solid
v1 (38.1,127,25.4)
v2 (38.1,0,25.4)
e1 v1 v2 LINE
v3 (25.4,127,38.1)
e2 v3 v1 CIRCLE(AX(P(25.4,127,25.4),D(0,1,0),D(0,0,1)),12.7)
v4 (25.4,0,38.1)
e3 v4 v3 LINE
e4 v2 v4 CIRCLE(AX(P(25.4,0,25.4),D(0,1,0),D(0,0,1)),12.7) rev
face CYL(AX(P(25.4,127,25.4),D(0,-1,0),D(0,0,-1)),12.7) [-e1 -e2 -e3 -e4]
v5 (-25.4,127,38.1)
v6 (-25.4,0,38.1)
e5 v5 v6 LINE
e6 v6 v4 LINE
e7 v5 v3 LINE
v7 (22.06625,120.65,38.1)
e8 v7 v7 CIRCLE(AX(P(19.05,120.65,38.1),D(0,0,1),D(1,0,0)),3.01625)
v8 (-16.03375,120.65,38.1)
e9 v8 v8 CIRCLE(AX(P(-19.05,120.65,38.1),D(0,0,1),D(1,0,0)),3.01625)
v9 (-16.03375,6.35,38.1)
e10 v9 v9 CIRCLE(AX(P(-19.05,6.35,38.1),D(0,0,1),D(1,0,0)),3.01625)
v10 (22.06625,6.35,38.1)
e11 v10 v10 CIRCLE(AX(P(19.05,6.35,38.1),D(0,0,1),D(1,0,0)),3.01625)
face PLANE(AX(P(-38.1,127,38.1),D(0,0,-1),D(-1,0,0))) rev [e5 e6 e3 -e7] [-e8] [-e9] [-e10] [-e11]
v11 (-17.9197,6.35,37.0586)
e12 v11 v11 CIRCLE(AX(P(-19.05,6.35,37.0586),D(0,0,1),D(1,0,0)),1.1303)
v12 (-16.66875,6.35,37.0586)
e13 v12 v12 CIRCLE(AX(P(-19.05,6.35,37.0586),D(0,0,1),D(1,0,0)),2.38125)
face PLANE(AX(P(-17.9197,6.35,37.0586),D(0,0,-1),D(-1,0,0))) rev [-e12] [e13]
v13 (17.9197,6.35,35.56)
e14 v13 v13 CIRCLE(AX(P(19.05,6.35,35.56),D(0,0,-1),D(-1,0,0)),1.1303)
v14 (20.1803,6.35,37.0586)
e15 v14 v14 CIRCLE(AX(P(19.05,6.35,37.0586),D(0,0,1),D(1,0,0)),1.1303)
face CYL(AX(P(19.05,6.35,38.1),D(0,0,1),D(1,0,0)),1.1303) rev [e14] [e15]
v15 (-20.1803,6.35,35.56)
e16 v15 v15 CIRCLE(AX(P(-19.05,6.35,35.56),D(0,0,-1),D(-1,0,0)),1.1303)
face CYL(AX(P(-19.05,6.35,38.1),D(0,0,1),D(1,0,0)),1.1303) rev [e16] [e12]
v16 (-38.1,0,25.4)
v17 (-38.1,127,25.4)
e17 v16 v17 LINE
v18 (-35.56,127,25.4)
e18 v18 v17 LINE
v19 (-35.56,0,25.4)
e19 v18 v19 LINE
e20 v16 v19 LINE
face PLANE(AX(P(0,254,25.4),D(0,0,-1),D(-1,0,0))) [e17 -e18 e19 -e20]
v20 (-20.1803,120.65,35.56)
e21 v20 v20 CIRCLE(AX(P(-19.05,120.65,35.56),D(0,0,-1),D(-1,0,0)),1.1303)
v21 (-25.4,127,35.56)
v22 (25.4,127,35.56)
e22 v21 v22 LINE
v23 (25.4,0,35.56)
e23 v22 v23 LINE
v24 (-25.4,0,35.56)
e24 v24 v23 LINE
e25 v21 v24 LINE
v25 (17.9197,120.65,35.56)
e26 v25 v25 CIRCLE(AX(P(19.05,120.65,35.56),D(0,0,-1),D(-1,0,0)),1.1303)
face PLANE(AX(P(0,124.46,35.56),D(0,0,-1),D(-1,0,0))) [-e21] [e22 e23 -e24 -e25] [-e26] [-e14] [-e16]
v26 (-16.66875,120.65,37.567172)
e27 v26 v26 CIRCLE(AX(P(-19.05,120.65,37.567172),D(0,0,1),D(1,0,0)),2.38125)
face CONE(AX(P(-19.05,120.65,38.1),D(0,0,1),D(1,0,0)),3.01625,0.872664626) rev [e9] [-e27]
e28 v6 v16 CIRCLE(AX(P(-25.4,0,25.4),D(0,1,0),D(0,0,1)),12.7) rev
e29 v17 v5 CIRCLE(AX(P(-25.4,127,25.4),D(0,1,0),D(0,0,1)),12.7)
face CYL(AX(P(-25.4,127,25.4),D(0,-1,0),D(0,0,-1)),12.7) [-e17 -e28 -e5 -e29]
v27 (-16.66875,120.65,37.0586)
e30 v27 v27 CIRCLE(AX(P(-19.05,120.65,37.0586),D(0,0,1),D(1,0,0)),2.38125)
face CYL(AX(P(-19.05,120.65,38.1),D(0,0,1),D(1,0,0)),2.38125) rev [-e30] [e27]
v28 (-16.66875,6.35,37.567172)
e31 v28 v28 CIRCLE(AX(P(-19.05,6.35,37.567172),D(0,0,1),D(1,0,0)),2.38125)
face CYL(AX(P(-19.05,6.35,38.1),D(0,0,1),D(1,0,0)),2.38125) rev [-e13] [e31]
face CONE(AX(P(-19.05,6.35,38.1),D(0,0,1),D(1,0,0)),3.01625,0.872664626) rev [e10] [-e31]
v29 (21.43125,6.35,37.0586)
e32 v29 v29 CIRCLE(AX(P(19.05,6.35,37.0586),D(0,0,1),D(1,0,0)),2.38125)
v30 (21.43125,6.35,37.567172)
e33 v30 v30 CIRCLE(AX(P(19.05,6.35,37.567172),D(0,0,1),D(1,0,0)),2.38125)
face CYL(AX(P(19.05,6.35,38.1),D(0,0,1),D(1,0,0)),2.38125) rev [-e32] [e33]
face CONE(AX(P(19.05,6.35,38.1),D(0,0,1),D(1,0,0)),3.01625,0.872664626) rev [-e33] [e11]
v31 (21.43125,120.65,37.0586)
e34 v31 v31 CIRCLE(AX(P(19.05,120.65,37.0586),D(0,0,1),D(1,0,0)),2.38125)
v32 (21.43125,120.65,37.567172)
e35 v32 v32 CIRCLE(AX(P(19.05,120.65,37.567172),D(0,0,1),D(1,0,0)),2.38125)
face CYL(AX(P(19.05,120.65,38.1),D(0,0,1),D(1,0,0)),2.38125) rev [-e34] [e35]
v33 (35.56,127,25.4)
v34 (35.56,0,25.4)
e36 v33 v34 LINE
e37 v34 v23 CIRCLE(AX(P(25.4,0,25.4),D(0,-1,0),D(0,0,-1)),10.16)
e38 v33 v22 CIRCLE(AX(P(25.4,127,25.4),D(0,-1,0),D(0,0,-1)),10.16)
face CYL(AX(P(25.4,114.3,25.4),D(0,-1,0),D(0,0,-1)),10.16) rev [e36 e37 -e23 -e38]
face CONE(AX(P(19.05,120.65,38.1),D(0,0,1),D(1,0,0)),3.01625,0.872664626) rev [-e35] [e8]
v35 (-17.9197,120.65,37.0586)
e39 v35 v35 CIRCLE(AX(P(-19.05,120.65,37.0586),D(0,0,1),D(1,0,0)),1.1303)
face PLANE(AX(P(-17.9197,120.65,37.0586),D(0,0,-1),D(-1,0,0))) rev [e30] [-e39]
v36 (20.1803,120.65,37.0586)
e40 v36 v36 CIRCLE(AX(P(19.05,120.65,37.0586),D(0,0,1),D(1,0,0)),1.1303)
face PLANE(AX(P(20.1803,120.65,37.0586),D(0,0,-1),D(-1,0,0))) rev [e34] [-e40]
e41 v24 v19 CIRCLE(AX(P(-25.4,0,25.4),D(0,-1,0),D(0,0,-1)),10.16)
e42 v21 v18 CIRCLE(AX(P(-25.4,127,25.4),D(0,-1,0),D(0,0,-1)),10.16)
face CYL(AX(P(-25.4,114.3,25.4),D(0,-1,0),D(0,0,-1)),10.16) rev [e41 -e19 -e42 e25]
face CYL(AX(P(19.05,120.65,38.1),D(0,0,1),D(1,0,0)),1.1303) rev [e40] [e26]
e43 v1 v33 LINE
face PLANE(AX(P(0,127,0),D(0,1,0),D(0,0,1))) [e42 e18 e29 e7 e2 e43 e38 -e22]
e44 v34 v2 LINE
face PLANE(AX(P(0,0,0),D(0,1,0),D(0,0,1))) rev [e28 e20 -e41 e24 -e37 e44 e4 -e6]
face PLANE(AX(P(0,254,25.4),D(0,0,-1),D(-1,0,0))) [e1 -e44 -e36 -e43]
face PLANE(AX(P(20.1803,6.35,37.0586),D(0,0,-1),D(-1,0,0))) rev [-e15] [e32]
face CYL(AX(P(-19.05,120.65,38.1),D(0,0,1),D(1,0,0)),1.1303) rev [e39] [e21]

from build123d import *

# Parameters (mm, degrees)
SKETCH1_W                                   = 76.2
SKETCH1_H                                   = 76.2
BOSS_EXTRUDE1_DEPTH                         = 127
FILLET1_R                                   = 12.7
SKETCH2_W                                   = 76.2
SKETCH2_H                                   = 12.7
BOSS_EXTRUDE6_DEPTH                         = 57.15
CUT_EXTRUDE2_DEPTH                          = 12.7
CUT_EXTRUDE4_START                          = -254
CUT_EXTRUDE4_DEPTH                          = 254
SKETCH7_W                                   = 50.8
SKETCH7_H                                   = 10.16
CUT_EXTRUDE7_DEPTH                          = 124.46
CUT_EXTRUDE8_DEPTH                          = 114.3
BOSS_EXTRUDE7_DEPTH                         = 12.7
CUT_EXTRUDE9_DEPTH                          = 127
CBORE_FOR_1_BINDING_HEAD_MACHINE_SC_2_COUNT = 2
CBORE_FOR_1_BINDING_HEAD_MACHINE_SC_2_PITCH = 38.1
CBORE_FOR_1_BINDING_HEAD_MACHINE_SC_3_COUNT = 2
CBORE_FOR_1_BINDING_HEAD_MACHINE_SC_3_PITCH = 114.3
CBORE_FOR_1_BINDING_HEAD_MACHINE_SC_4_COUNT = 2
CBORE_FOR_1_BINDING_HEAD_MACHINE_SC_4_PITCH = 120.482778852


with BuildPart() as part:
    # Sketch1 → Boss-Extrude1 (new body)
    with BuildSketch(Plane(origin=(0, 0, 0), x_dir=(1, 0, 0), z_dir=(0, 1, 0))):
        Rectangle(SKETCH1_W, SKETCH1_H)
    extrude(amount=BOSS_EXTRUDE1_DEPTH)

    # Fillet1
    fillet1_edges = [part.edges().sort_by_distance(p)[0] for p in [
        (38.1, 63.5, 38.1),
        (38.1, 63.5, -38.1),
        (-38.1, 63.5, -38.1),
        (-38.1, 63.5, 38.1),
    ]]
    fillet(fillet1_edges, radius=FILLET1_R)

    # Sketch2 → Boss-Extrude6 (add)
    with BuildSketch(Plane(origin=(0, 127, 0), x_dir=(1, 0, 0), z_dir=(0, 1, 0))):
        Rectangle(SKETCH2_W, SKETCH2_H)
    extrude(amount=BOSS_EXTRUDE6_DEPTH)

    # Sketch5 → Cut-Extrude2 (cut)
    with BuildSketch(Plane.XY.offset(6.35)):
        with BuildLine():
            ThreePointArc((27.94, 127), (0, 146.05), (-27.94, 127))
            Line((-27.94, 127), (27.94, 127))
        make_face()
        with BuildLine():
            Line((-27.94, 146.05), (-27.94, 132.743180509))
            ThreePointArc((-27.94, 132.743180509), (-21.337126939, 140.622484939), (-12.60652265, 146.05))
            Line((-12.60652265, 146.05), (-27.94, 146.05))
        make_face()
        with BuildLine():
            ThreePointArc((12.60652265, 146.05), (21.337126939, 140.622484939), (27.94, 132.743180509))
            Line((27.94, 132.743180509), (27.94, 146.05))
            Line((27.94, 146.05), (12.60652265, 146.05))
        make_face()
        with BuildLine():
            Line((-38.1, 184.15), (-38.1, 146.05))
            ThreePointArc((-38.1, 146.05), (-26.940768363, 172.990768363), (0, 184.15))
            Line((0, 184.15), (-38.1, 184.15))
        make_face()
        with BuildLine():
            ThreePointArc((0, 184.15), (26.940768363, 172.990768363), (38.1, 146.05))
            Line((38.1, 146.05), (38.1, 184.15))
            Line((38.1, 184.15), (0, 184.15))
        make_face()
        with BuildLine():
            Line((-27.186811297, 152.493670653), (27.186811297, 152.493670653))
            ThreePointArc((27.186811297, 152.493670653), (0, 173.99), (-27.186811297, 152.493670653))
        make_face()
    extrude(amount=-CUT_EXTRUDE2_DEPTH, mode=Mode.SUBTRACT)

    # Sketch6 → Cut-Extrude4 (cut)
    with BuildSketch(Plane.XZ.offset(CUT_EXTRUDE4_START)):
        with BuildLine():
            Line((-38.1, 25.4), (-38.1, -25.4))
            ThreePointArc((-38.1, -25.4), (-34.380256121, -34.380256121), (-25.4, -38.1))
            Line((-25.4, -38.1), (25.4, -38.1))
            ThreePointArc((25.4, -38.1), (34.380256121, -34.380256121), (38.1, -25.4))
            Line((38.1, -25.4), (38.1, 25.4))
            Line((38.1, 25.4), (-38.1, 25.4))
        make_face()
    extrude(amount=CUT_EXTRUDE4_DEPTH, mode=Mode.SUBTRACT)

    # Sketch7 → Cut-Extrude7 (cut)
    with BuildSketch(Plane.XZ):
        with Locations((0, 30.48)):
            Rectangle(SKETCH7_W, SKETCH7_H)
    extrude(amount=-CUT_EXTRUDE7_DEPTH, mode=Mode.SUBTRACT)

    # Sketch7<6> → Cut-Extrude8 (cut)
    with BuildSketch(Plane.XZ):
        with BuildLine():
            ThreePointArc((-25.4, 35.56), (-32.584204897, 32.584204897), (-35.56, 25.4))
            Line((-35.56, 25.4), (-25.4, 25.4))
            Line((-25.4, 25.4), (-25.4, 35.56))
        make_face()
        with BuildLine():
            Line((25.4, 35.56), (25.4, 25.4))
            Line((25.4, 25.4), (35.56, 25.4))
            ThreePointArc((35.56, 25.4), (32.584204897, 32.584204897), (25.4, 35.56))
        make_face()
    extrude(amount=-CUT_EXTRUDE8_DEPTH, mode=Mode.SUBTRACT)

    # Sketch7<7> → Boss-Extrude7 (add)
    with BuildSketch(Plane.XZ):
        with BuildLine():
            ThreePointArc((-25.4, 35.56), (-32.584204897, 32.584204897), (-35.56, 25.4))
            Line((-35.56, 25.4), (-25.4, 25.4))
            Line((-25.4, 25.4), (-25.4, 35.56))
        make_face()
        with BuildLine():
            Line((25.4, 35.56), (25.4, 25.4))
            Line((25.4, 25.4), (35.56, 25.4))
            ThreePointArc((35.56, 25.4), (32.584204897, 32.584204897), (25.4, 35.56))
        make_face()
    extrude(amount=-BOSS_EXTRUDE7_DEPTH)

    # Sketch7<8> → Cut-Extrude9 (cut)
    with BuildSketch(Plane.XZ):
        with BuildLine():
            ThreePointArc((-25.4, 35.56), (-32.584204897, 32.584204897), (-35.56, 25.4))
            Line((-35.56, 25.4), (35.56, 25.4))
            ThreePointArc((35.56, 25.4), (32.584204897, 32.584204897), (25.4, 35.56))
            Line((25.4, 35.56), (-25.4, 35.56))
        make_face()
    extrude(amount=-CUT_EXTRUDE9_DEPTH, mode=Mode.SUBTRACT)

    # Sketch12 → CBORE for #1 Binding Head Machine Screw1 (revolve, cut)
    with BuildSketch(Plane(origin=(-19.05, 120.65, 38.1), x_dir=(0, -1, 0), z_dir=(1, 0, 0))):
        Polygon((0, 0), (0, 10.839152758), (1.1303, 10.16), (1.1303, 1.0414), (2.38125, 1.0414), (2.38125, 0.532828266), (3.01625, 0), align=None)
    cbore_for_1_binding_head_machine_screw1 = revolve(axis=Axis((-19.05, 120.65, 44.45), (0, 0, -1)), mode=Mode.SUBTRACT)

    # CBORE for _1 Binding Head Machine Sc 2: CBORE for #1 Binding Head Machine Screw1 ×2
    with Locations(*[(i * CBORE_FOR_1_BINDING_HEAD_MACHINE_SC_2_PITCH, 0, 0) for i in range(1, CBORE_FOR_1_BINDING_HEAD_MACHINE_SC_2_COUNT)]):
        add(cbore_for_1_binding_head_machine_screw1, mode=Mode.SUBTRACT)

    # CBORE for _1 Binding Head Machine Sc 3: CBORE for #1 Binding Head Machine Screw1 ×2
    with Locations(*[(0, -i * CBORE_FOR_1_BINDING_HEAD_MACHINE_SC_3_PITCH, 0) for i in range(1, CBORE_FOR_1_BINDING_HEAD_MACHINE_SC_3_COUNT)]):
        add(cbore_for_1_binding_head_machine_screw1, mode=Mode.SUBTRACT)

    # CBORE for _1 Binding Head Machine Sc 4: CBORE for #1 Binding Head Machine Screw1 ×2
    with Locations(*[Vector(0.3162277660168378, -0.9486832980505139, 0) * (i * CBORE_FOR_1_BINDING_HEAD_MACHINE_SC_4_PITCH) for i in range(1, CBORE_FOR_1_BINDING_HEAD_MACHINE_SC_4_COUNT)]):
        add(cbore_for_1_binding_head_machine_screw1, mode=Mode.SUBTRACT)


solid = part.part
